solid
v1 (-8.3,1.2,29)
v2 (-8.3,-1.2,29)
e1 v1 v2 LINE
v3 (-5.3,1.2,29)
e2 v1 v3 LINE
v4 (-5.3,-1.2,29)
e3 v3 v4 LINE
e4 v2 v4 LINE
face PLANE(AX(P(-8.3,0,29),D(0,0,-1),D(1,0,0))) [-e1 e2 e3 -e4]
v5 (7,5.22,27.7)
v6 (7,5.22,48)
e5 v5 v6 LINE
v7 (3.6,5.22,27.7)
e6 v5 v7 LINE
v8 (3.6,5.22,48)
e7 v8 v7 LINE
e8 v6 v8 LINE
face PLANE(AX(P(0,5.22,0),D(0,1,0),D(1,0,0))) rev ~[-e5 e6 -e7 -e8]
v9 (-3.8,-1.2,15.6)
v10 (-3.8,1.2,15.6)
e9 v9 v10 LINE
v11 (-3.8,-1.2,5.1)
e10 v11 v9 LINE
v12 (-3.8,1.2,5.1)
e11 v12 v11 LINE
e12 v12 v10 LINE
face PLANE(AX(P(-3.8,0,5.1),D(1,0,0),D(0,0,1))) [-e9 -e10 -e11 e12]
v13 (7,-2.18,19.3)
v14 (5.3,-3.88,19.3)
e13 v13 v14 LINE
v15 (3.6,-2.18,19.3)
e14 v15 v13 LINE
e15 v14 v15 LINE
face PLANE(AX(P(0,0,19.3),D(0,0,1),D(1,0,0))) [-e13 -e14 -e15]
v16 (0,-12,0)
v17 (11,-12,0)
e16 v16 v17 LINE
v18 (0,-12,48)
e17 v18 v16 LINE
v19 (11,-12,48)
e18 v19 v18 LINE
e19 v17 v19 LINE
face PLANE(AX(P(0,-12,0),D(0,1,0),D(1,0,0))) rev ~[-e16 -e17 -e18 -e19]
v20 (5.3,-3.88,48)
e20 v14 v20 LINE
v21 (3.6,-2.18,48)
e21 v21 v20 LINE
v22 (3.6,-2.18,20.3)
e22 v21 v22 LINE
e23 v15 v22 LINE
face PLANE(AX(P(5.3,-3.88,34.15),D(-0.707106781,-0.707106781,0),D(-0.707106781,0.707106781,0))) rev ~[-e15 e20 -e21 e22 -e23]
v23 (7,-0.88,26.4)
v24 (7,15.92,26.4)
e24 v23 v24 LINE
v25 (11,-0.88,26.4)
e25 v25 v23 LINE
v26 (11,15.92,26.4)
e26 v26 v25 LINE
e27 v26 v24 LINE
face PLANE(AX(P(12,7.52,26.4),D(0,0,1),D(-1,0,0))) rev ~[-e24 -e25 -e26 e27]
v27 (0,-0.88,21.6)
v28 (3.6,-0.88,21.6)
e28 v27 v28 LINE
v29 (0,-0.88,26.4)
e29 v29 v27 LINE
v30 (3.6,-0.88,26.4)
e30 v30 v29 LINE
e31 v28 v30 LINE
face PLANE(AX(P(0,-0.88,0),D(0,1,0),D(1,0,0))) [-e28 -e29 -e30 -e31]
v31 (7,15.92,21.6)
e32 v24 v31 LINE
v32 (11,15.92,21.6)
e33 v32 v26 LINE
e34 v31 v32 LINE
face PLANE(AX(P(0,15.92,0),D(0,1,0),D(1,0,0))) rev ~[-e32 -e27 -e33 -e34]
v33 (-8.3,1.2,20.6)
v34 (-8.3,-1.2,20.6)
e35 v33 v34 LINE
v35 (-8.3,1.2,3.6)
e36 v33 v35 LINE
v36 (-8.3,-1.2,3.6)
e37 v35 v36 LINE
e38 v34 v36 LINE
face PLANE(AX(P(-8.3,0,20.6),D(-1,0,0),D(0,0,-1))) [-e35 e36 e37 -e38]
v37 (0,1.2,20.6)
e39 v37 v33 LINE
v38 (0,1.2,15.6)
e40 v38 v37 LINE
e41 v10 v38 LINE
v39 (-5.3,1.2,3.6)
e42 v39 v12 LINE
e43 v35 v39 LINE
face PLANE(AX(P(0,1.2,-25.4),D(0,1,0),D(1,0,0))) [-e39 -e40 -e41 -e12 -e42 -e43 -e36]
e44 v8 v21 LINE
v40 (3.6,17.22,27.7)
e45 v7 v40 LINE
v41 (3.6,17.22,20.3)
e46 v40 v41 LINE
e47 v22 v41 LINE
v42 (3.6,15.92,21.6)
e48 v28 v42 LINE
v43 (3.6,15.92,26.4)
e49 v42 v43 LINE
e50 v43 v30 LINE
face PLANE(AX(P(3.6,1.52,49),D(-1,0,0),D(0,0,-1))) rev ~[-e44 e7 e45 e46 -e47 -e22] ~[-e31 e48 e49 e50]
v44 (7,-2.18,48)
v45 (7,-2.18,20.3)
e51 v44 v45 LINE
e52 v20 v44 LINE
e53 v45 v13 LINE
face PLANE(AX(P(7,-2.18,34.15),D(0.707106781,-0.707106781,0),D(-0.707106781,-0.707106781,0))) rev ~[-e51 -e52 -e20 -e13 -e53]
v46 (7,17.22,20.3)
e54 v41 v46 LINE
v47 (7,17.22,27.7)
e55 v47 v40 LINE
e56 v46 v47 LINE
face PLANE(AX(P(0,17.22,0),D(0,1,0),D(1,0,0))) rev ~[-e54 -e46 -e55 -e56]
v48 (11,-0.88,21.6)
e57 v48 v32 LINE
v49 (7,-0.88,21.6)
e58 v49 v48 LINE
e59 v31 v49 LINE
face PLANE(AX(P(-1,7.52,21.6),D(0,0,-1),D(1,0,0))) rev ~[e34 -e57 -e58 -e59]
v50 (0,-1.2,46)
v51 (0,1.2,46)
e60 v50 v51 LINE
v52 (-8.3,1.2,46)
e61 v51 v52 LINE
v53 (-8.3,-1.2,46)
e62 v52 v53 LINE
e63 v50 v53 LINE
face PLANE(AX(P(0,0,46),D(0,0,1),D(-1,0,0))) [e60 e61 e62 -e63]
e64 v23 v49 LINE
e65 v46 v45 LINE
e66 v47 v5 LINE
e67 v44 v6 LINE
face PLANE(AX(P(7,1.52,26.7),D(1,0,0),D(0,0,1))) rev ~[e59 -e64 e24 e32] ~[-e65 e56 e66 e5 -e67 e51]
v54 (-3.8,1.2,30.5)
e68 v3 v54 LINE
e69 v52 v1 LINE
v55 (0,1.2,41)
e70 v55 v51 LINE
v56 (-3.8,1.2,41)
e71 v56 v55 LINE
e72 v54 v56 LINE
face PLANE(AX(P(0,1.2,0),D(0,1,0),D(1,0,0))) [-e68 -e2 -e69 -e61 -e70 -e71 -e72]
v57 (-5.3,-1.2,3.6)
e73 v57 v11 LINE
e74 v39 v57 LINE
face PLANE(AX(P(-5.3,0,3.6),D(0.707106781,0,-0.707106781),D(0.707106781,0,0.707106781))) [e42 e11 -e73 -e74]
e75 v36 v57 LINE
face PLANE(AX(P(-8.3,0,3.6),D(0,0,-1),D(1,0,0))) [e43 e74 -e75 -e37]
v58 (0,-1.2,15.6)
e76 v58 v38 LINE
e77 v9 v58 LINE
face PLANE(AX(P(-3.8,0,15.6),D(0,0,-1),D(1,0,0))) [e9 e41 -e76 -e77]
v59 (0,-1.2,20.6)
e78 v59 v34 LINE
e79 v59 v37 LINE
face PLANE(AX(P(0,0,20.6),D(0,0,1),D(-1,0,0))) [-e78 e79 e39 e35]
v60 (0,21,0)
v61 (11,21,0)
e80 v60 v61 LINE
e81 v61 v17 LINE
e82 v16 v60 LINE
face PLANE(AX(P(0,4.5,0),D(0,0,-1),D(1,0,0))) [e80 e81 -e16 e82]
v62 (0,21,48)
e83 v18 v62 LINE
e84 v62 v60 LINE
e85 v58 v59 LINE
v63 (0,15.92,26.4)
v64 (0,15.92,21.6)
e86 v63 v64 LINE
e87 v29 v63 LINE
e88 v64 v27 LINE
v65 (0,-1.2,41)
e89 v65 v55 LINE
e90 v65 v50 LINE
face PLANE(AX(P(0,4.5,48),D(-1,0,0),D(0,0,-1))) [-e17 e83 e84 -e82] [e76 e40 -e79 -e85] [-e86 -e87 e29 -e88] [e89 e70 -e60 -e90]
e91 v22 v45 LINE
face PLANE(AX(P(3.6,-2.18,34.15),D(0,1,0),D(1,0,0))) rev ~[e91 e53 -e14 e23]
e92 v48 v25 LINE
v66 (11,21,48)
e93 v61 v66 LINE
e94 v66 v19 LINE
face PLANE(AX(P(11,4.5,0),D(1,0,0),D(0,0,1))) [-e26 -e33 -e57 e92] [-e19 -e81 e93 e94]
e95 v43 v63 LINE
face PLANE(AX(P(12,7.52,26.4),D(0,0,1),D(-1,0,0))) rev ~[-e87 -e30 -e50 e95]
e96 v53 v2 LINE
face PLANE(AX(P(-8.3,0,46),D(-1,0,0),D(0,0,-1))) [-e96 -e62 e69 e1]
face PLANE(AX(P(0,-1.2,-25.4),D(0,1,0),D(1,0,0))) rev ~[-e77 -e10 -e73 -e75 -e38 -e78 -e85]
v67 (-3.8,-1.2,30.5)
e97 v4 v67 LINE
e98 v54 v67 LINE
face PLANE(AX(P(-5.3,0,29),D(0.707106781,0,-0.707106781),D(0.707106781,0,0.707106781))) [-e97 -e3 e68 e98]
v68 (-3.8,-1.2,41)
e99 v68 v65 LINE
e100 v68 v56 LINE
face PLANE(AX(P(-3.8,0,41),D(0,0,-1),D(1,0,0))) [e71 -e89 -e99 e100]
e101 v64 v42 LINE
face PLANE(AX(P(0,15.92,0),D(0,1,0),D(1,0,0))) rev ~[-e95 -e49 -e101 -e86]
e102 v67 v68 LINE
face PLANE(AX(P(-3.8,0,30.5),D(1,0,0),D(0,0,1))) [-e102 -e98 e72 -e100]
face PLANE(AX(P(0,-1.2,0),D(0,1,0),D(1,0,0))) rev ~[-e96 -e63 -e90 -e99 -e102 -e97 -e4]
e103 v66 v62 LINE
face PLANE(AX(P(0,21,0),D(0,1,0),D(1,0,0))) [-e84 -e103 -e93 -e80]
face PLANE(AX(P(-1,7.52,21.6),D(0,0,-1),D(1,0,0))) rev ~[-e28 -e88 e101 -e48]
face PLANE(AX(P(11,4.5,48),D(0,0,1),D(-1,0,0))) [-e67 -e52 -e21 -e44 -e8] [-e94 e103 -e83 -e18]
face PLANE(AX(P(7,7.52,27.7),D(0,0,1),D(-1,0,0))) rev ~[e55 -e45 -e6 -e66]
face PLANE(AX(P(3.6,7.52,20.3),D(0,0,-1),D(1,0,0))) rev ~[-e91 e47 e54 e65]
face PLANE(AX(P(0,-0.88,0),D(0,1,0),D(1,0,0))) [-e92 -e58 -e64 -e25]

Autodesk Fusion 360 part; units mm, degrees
sketch "Plate" plane through (0, 0, 0) normal (0, 1, 0) x (1, 0, 0)
  line L0 (0, 0) -> (11, 0)
  line L1 (11, 0) -> (11, -48)
  line L2 (11, -48) -> (0, -48)
  line L3 (0, -48) -> (0, 0)
  dimension "d382" = 11
  dimension "d383" = 48
extrude "Plate (1)" add sketch "Plate" along normal mid plane 33 from surface at 4.5
sketch "Hook profile" plane through (0, 0, 0) normal (0, 1, 0) x (1, 0, 0)
  line L0 (0, -46) -> (-8.3, -46)
  line L1 (-8.3, -46) -> (-8.3, -29)
  line L2 (-8.3, -29) -> (-5.3, -29)
  line L3 (-5.3, -29) -> (-3.8, -30.5)
  line L4 (-3.8, -30.5) -> (-3.8, -41)
  line L5 (-3.8, -41) -> (0, -41)
  line L6 (0, -41) -> (0, -46)
  dimension "d387" = 46
  dimension "d388" = 8.3
  dimension "d389" = 3.8
  dimension "d390" = 5
  dimension "d391" = 10.5
  dimension "d392" = 1.5
  dimension "d393" = 1.5
extrude "Hook profile (1)" add sketch "Hook profile" along normal mid plane 2.4
pattern_linear "Hook rows" count 2 spacing 25.4 along (0, 0, -1) count 3 spacing 0 along (0, 0, 1) of "Hook profile (1)"
sketch "Screw hole" plane through (0, 0, 0) normal (0, 1, 0) x (1, 0, 0)
  line L0 (-1, -21.6) -> (12, -21.6)
  line L1 (12, -21.6) -> (12, -26.4)
  line L2 (12, -26.4) -> (-1, -26.4)
  line L3 (-1, -26.4) -> (-1, -21.6)
  dimension "d400" = 12
  dimension "d401" = 21.6
  dimension "d402" = 13
  dimension "d403" = 4.8
extrude "Screw hole (1)" cut sketch "Screw hole" along normal mid plane 16.8 from surface at 7.52
sketch "Nut cavity" plane through (0, 0, 0) normal (0, 1, 0) x (1, 0, 0)
  line L0 (3.6, -20.3) -> (7, -20.3)
  line L1 (7, -20.3) -> (7, -27.7)
  line L2 (7, -27.7) -> (3.6, -27.7)
  line L3 (3.6, -27.7) -> (3.6, -20.3)
  dimension "d407" = 7
  dimension "d408" = 20.3
  dimension "d409" = 3.4
  dimension "d410" = 7.4
extrude "Nut cavity (1)" cut sketch "Nut cavity" along normal mid plane 19.4 from surface at 7.52
sketch "Nut entry" plane through (0, 0, 0) normal (0, 1, 0) x (1, 0, 0)
  line L0 (3.6, -26.7) -> (7, -26.7)
  line L1 (7, -26.7) -> (7, -49)
  line L2 (7, -49) -> (3.6, -49)
  line L3 (3.6, -49) -> (3.6, -26.7)
  dimension "d414" = 7
  dimension "d415" = 26.7
  dimension "d416" = 3.4
  dimension "d417" = 22.3
extrude "Nut entry (1)" cut sketch "Nut entry" along normal mid plane 7.4 from surface at 1.52
sketch "Cavity roof" plane through (0, 0, 0) normal (0, 0, 1) x (1, 0, 0)
  line L0 (3.6, -2.18) -> (7, -2.18)
  line L1 (7, -2.18) -> (5.3, -3.88)
  line L2 (5.3, -3.88) -> (3.6, -2.18)
  dimension "d421" = 3.6
  dimension "d422" = 2.18
  dimension "d423" = 7
  dimension "d424" = 5.3
  dimension "d425" = 1.7
extrude "Cavity roof (1)" cut sketch "Cavity roof" along normal mid plane 29.7 from surface at 34.15
equation "bracketWidth = 24.0 mm" comment "bracket width across the upright"
equation "plateHeight = 48.0 mm" comment "plate height"
equation "plateInboardExtension = 9.0 mm" comment "extra plate toward the desk centre, where the channel reaches"
equation "boardThickness = 6.0 mm" comment "measured SKADIS panel thickness"
equation "screwLength = 15.0 mm" comment "measured decorative M4 screw"
equation "screwDiameter = 4.0 mm" comment "M4 shank"
equation "screwClearance = 0.8 mm" comment "slack around the shank"
equation "screwTipClearance = 2.0 mm" comment "tip stops this short of the plate's back face"
equation "screwSlotWidth = screwDiameter + screwClearance" comment "screw relief slot height"
equation "nutAcrossFlats = 7.0 mm" comment "M4 square nut across flats"
equation "nutThickness = 3.0 mm" comment "M4 square nut thickness"
equation "nutChannelClearance = 0.4 mm" comment "slack around the nut in its channel"
equation "nutChannelHeight = nutAcrossFlats + nutChannelClearance" comment "channel height; under the nut's diagonal so it cannot turn"
equation "plateThickness = screwLength - boardThickness + screwTipClearance" comment "derived: deep enough to swallow the screw"
equation "mountTravel = 12.0 mm" comment "left-right adjustment"
equation "nutChannelLength = mountTravel + nutAcrossFlats + nutChannelClearance" comment "channel length along the plate"
equation "screwSlotLength = mountTravel + screwSlotWidth" comment "relief slot length along the plate"
equation "topMountZ = 24.0 mm" comment "top channel centre"
equation "mountOffsetY = 7.52 mm" comment "channel centre on the board's grid"
equation "slotOvershoot = 1.0 mm" comment "cuts reach past the faces they cut"
equation "slotWidth = 3.2 mm" comment "measured upright slot width"
equation "slotPitchVertical = 25.4 mm" comment "1 inch, measured"
equation "faceMetalThickness = 2.0 mm" comment "upright face metal"
equation "hookTabWidth = slotWidth - 0.8 mm" comment "blade width through the slot"
equation "hookThroat = faceMetalThickness + 1.8 mm" comment "gap behind the plate"
equation "hookNeckHeight = 5.0 mm" comment "bears on the slot bottom edge"
equation "hookLipThickness = 4.5 mm" comment "lip behind the upright face"
equation "hookLipDrop = 12.0 mm" comment "engagement below the neck"
equation "hookLipChamfer = 1.5 mm" comment "lead-in past slot burrs"
equation "topHookNeckTop = plateHeight - 2 mm" comment "top hook row"
equation "hookRows = 2" comment "hook rows (pattern count)"
equation "nutCavityClearance = 0.4 mm" comment "slack across the nut's thickness"
equation "nutWallThickness = 4.0 mm" comment "wall in front of the nut; the screw pulls the nut against it"
equation "nutCavityDepth = nutThickness + nutCavityClearance" comment "cavity depth"
equation "nutRoofDepth = nutCavityDepth / 2" comment "45 deg roof beyond the cavity's outboard end, so it prints unsupported"
equation "d382 = plateThickness"
equation "d383 = plateHeight"
equation "d384 = plateInboardExtension / 2"
equation "d385 = bracketWidth + plateInboardExtension"
equation "d387 = topHookNeckTop"
equation "d388 = hookThroat + hookLipThickness"
equation "d389 = hookThroat"
equation "d390 = hookNeckHeight"
equation "d391 = hookLipDrop - hookLipChamfer"
equation "d392 = hookLipChamfer"
equation "d393 = hookLipChamfer"
equation "d394 = hookTabWidth"
equation "d396 = hookRows"
equation "d398 = -slotPitchVertical"
equation "d400 = plateThickness + slotOvershoot"
equation "d401 = topMountZ - screwSlotWidth / 2"
equation "d402 = plateThickness + 2 * slotOvershoot"
equation "d403 = screwSlotWidth"
equation "d404 = mountOffsetY"
equation "d405 = screwSlotLength"
equation "d407 = plateThickness - nutWallThickness"
equation "d408 = topMountZ - nutChannelHeight / 2"
equation "d409 = nutCavityDepth"
equation "d410 = nutChannelHeight"
equation "d411 = mountOffsetY"
equation "d412 = nutChannelLength"
equation "d414 = plateThickness - nutWallThickness"
equation "d415 = topMountZ + nutChannelHeight / 2 - slotOvershoot"
equation "d416 = nutCavityDepth"
equation "d417 = plateHeight - topMountZ - nutChannelHeight / 2 + 2 * slotOvershoot"
equation "d418 = mountOffsetY - mountTravel / 2"
equation "d419 = nutChannelHeight"
equation "d421 = plateThickness - nutWallThickness - nutCavityDepth"
equation "d422 = -( mountOffsetY - nutChannelLength / 2 )"
equation "d423 = plateThickness - nutWallThickness"
equation "d424 = plateThickness - nutWallThickness - nutCavityDepth / 2"
equation "d425 = nutRoofDepth"
equation "d426 = ( topMountZ - nutChannelHeight / 2 + plateHeight ) / 2"
equation "d427 = plateHeight - topMountZ + nutChannelHeight / 2 + 2 * slotOvershoot"
